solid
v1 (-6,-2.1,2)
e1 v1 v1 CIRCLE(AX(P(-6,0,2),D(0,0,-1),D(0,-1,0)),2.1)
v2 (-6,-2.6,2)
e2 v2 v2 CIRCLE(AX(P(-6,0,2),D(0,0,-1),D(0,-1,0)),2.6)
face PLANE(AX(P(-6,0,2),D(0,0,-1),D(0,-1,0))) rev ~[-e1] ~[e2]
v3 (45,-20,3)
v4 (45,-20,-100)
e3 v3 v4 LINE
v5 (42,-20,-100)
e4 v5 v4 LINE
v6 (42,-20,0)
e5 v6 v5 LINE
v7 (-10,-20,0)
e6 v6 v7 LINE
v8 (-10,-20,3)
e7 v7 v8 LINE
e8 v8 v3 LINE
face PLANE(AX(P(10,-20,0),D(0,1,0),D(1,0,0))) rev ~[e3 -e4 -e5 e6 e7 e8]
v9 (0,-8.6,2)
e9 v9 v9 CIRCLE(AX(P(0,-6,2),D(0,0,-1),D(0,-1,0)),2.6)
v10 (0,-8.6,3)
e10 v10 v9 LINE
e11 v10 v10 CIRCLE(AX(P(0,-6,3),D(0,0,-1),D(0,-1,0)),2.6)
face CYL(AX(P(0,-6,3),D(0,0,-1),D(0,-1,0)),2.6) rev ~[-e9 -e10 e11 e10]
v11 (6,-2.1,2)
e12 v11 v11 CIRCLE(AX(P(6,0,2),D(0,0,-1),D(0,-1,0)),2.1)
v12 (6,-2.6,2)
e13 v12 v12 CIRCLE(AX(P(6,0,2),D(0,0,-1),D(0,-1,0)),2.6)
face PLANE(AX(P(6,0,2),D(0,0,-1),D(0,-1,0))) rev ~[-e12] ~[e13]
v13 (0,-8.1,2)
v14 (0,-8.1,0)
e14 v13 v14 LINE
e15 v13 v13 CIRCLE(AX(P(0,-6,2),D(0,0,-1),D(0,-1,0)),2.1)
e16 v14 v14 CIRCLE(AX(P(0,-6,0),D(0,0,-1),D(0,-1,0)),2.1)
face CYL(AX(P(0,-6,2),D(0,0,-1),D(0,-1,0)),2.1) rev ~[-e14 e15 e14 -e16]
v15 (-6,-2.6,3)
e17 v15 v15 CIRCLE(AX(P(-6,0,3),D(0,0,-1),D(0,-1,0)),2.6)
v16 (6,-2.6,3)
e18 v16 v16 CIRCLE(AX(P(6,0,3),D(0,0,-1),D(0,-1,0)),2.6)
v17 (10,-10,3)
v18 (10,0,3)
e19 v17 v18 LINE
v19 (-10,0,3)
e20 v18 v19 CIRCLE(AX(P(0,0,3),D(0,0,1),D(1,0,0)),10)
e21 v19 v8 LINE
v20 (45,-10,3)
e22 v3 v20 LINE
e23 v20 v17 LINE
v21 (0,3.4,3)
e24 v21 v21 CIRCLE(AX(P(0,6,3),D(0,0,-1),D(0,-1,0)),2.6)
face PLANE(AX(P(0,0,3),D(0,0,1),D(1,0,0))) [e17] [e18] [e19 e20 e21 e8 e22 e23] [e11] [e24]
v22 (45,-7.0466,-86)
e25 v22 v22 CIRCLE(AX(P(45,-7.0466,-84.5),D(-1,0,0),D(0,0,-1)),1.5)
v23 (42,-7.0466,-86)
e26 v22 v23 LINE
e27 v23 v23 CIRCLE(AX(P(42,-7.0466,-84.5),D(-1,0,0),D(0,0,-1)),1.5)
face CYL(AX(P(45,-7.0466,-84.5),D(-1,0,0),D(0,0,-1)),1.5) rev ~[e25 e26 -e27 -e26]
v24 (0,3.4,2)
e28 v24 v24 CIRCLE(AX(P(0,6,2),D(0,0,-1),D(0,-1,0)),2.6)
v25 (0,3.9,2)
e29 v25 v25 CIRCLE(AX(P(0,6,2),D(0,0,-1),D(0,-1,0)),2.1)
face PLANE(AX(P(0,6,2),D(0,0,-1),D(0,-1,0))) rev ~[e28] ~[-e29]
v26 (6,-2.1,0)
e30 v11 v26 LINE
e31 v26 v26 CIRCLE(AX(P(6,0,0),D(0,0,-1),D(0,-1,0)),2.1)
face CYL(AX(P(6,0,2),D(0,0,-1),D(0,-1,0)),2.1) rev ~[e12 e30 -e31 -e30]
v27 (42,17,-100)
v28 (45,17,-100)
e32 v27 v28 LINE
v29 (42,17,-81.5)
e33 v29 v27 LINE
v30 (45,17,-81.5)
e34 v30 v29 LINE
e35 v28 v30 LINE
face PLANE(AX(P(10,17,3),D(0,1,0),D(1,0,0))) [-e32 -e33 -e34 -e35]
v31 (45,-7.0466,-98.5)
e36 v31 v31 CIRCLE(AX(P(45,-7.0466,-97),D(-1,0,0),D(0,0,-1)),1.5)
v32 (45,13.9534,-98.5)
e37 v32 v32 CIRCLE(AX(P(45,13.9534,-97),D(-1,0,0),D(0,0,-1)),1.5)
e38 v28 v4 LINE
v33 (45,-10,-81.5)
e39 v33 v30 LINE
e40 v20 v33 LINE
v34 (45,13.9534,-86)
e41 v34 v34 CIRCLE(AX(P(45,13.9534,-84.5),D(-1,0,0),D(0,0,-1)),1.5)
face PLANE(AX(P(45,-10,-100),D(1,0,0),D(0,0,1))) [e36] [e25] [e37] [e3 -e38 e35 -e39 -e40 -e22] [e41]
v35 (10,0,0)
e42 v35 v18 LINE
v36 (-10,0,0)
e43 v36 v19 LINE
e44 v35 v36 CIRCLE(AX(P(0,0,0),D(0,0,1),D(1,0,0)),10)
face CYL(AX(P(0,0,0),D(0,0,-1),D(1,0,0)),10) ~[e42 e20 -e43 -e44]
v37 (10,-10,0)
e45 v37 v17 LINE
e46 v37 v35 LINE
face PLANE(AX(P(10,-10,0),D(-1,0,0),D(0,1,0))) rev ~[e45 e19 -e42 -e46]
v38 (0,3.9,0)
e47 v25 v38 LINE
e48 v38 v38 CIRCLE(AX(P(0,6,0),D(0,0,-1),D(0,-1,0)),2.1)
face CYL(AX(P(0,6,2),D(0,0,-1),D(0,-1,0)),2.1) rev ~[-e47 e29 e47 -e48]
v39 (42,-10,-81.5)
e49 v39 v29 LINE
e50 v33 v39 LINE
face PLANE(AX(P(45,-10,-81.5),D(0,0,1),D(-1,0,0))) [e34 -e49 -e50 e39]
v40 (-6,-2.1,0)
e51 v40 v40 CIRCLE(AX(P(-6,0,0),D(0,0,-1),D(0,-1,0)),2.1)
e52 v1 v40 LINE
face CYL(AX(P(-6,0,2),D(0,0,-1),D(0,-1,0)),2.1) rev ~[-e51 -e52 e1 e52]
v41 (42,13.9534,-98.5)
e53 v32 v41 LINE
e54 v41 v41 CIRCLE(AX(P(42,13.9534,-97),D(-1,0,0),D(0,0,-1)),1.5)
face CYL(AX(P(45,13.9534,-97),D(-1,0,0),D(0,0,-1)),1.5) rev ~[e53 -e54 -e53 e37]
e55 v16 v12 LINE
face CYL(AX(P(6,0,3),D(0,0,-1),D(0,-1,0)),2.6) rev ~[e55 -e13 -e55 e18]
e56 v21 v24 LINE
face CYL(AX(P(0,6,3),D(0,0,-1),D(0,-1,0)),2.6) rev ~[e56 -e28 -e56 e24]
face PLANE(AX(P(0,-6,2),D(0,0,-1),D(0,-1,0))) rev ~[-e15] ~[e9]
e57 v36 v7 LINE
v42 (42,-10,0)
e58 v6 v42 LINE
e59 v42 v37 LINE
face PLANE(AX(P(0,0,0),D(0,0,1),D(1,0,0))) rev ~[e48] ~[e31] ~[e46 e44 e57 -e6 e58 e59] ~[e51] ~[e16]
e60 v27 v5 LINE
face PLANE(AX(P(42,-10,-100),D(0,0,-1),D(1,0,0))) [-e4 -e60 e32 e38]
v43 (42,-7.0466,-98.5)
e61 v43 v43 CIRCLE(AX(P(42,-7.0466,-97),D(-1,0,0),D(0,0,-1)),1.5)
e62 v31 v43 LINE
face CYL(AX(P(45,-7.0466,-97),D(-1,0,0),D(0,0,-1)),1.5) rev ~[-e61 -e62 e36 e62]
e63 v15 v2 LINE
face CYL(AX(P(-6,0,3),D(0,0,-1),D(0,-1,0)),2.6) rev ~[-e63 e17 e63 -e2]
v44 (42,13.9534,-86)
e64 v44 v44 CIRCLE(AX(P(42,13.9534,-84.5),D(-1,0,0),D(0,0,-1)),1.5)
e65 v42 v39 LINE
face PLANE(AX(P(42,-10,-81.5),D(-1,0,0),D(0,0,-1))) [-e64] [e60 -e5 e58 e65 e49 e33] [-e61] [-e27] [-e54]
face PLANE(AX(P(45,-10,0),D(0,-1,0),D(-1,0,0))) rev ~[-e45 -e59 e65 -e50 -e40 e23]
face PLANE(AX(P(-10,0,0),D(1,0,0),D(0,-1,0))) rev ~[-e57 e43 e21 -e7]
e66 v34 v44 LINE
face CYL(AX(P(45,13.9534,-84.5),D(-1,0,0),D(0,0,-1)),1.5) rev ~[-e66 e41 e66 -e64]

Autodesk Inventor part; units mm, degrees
ref_plane "YZ Plane" through (0, 0, 0) normal (1, 0, 0) x (0, 1, 0)
ref_plane "XZ Plane" through (0, 0, 0) normal (0, 1, 0) x (-1, 0, 0)
ref_plane "XY Plane" through (0, 0, 0) normal (0, 0, 1) x (1, 0, 0)
sketch "Sketch1" plane through (0, 0, 0) normal (0, 0, 1) x (1, 0, 0)
  arc A0 (10, 0) -> (-10, 0) centre (0, 0) ccw
  line L0 (-10, 0) -> (-10, -20)
  line L1 (-10, -20) -> (10, -20)
  line L2 (10, -10) -> (10, 0)
  line L3 (10, -20) -> (45, -20)
  line L4 (45, -20) -> (45, -10)
  line L5 (45, -10) -> (10, -10)
  dimension "d1" = 20
  dimension "d2" = 35
  dimension "d3" = 10
extrude "Extrusion1" add sketch "Sketch1" along normal blind 3
sketch "Sketch2" plane through (0, 0, 0) normal (0, 0, -1) x (-1, 0, 0)
  line L0 (10, -20) -> (-45, -20) projected
  line L1 (-45, -10) -> (-10, -10) projected
  line L2 (-45, -20) -> (-42, -20)
  line L3 (-42, -20) -> (-42, -10)
  line L4 (-42, -10) -> (-45, -10)
  line L5 (-45, -10) -> (-45, -20)
  point P0 (0, 0)
  dimension "d6" = 3
extrude "Extrusion2" add sketch "Sketch2" along normal blind 100
sketch "Sketch3" plane through (45, -20, 3) normal (1, 0, 0) x (0, 0, -1)
  point P0 (3, 20)
sketch "Sketch4" plane through (45, -20, 3) normal (1, 0, 0) x (0, 0, -1)
  point P0 (3, 20)
sketch "Sketch5" plane through (10, -10, 3) normal (0, 1, 0) x (1, 0, 0)
  line L0 (32, 3) -> (32, 103) projected
  line L1 (32, 103) -> (35, 103)
  line L2 (35, 103) -> (35, 84.5)
  line L3 (35, 84.5) -> (32, 84.5)
  line L4 (32, 84.5) -> (32, 103)
  point P0 (-10, 3)
  dimension "d9" = 3
  dimension "d10" = 18.5
extrude "Extrusion3" add sketch "Sketch5" along normal blind 27
sketch "Sketch6" plane through (0, 0, 3) normal (0, 0, 1) x (1, 0, 0)
  point P0 (0, 0)
  point P1 (0, 6)
  point P2 (0, -6)
  point P3 (6, 0)
  point P4 (-6, 0)
hole "Hole1" at (0, 6, 3) at (0, -6, 3) at (6, 0, 3) at (-6, 0, 3) direction (0, 0, -1) diameter 4.2 end through all counterbore diameter 5.2 counterbore depth 1
sketch "Sketch7" plane through (45, -20, 3) normal (1, 0, 0) x (0, 0, -1)
  line L0 (103, 0) -> (103, 37) projected
  point P0 (3, 20)
  point P1 (100, 12.9534)
  point P2 (100, 33.9534)
  point P3 (87.5, 12.9534)
  point P4 (87.5, 33.9534)
hole "Hole2" at (45, -7.0466, -97) at (45, 13.9534, -97) at (45, -7.0466, -84.5) at (45, 13.9534, -84.5) direction (-1, 0, 0) diameter 3 end through all
properties part number "Cam_mount"
